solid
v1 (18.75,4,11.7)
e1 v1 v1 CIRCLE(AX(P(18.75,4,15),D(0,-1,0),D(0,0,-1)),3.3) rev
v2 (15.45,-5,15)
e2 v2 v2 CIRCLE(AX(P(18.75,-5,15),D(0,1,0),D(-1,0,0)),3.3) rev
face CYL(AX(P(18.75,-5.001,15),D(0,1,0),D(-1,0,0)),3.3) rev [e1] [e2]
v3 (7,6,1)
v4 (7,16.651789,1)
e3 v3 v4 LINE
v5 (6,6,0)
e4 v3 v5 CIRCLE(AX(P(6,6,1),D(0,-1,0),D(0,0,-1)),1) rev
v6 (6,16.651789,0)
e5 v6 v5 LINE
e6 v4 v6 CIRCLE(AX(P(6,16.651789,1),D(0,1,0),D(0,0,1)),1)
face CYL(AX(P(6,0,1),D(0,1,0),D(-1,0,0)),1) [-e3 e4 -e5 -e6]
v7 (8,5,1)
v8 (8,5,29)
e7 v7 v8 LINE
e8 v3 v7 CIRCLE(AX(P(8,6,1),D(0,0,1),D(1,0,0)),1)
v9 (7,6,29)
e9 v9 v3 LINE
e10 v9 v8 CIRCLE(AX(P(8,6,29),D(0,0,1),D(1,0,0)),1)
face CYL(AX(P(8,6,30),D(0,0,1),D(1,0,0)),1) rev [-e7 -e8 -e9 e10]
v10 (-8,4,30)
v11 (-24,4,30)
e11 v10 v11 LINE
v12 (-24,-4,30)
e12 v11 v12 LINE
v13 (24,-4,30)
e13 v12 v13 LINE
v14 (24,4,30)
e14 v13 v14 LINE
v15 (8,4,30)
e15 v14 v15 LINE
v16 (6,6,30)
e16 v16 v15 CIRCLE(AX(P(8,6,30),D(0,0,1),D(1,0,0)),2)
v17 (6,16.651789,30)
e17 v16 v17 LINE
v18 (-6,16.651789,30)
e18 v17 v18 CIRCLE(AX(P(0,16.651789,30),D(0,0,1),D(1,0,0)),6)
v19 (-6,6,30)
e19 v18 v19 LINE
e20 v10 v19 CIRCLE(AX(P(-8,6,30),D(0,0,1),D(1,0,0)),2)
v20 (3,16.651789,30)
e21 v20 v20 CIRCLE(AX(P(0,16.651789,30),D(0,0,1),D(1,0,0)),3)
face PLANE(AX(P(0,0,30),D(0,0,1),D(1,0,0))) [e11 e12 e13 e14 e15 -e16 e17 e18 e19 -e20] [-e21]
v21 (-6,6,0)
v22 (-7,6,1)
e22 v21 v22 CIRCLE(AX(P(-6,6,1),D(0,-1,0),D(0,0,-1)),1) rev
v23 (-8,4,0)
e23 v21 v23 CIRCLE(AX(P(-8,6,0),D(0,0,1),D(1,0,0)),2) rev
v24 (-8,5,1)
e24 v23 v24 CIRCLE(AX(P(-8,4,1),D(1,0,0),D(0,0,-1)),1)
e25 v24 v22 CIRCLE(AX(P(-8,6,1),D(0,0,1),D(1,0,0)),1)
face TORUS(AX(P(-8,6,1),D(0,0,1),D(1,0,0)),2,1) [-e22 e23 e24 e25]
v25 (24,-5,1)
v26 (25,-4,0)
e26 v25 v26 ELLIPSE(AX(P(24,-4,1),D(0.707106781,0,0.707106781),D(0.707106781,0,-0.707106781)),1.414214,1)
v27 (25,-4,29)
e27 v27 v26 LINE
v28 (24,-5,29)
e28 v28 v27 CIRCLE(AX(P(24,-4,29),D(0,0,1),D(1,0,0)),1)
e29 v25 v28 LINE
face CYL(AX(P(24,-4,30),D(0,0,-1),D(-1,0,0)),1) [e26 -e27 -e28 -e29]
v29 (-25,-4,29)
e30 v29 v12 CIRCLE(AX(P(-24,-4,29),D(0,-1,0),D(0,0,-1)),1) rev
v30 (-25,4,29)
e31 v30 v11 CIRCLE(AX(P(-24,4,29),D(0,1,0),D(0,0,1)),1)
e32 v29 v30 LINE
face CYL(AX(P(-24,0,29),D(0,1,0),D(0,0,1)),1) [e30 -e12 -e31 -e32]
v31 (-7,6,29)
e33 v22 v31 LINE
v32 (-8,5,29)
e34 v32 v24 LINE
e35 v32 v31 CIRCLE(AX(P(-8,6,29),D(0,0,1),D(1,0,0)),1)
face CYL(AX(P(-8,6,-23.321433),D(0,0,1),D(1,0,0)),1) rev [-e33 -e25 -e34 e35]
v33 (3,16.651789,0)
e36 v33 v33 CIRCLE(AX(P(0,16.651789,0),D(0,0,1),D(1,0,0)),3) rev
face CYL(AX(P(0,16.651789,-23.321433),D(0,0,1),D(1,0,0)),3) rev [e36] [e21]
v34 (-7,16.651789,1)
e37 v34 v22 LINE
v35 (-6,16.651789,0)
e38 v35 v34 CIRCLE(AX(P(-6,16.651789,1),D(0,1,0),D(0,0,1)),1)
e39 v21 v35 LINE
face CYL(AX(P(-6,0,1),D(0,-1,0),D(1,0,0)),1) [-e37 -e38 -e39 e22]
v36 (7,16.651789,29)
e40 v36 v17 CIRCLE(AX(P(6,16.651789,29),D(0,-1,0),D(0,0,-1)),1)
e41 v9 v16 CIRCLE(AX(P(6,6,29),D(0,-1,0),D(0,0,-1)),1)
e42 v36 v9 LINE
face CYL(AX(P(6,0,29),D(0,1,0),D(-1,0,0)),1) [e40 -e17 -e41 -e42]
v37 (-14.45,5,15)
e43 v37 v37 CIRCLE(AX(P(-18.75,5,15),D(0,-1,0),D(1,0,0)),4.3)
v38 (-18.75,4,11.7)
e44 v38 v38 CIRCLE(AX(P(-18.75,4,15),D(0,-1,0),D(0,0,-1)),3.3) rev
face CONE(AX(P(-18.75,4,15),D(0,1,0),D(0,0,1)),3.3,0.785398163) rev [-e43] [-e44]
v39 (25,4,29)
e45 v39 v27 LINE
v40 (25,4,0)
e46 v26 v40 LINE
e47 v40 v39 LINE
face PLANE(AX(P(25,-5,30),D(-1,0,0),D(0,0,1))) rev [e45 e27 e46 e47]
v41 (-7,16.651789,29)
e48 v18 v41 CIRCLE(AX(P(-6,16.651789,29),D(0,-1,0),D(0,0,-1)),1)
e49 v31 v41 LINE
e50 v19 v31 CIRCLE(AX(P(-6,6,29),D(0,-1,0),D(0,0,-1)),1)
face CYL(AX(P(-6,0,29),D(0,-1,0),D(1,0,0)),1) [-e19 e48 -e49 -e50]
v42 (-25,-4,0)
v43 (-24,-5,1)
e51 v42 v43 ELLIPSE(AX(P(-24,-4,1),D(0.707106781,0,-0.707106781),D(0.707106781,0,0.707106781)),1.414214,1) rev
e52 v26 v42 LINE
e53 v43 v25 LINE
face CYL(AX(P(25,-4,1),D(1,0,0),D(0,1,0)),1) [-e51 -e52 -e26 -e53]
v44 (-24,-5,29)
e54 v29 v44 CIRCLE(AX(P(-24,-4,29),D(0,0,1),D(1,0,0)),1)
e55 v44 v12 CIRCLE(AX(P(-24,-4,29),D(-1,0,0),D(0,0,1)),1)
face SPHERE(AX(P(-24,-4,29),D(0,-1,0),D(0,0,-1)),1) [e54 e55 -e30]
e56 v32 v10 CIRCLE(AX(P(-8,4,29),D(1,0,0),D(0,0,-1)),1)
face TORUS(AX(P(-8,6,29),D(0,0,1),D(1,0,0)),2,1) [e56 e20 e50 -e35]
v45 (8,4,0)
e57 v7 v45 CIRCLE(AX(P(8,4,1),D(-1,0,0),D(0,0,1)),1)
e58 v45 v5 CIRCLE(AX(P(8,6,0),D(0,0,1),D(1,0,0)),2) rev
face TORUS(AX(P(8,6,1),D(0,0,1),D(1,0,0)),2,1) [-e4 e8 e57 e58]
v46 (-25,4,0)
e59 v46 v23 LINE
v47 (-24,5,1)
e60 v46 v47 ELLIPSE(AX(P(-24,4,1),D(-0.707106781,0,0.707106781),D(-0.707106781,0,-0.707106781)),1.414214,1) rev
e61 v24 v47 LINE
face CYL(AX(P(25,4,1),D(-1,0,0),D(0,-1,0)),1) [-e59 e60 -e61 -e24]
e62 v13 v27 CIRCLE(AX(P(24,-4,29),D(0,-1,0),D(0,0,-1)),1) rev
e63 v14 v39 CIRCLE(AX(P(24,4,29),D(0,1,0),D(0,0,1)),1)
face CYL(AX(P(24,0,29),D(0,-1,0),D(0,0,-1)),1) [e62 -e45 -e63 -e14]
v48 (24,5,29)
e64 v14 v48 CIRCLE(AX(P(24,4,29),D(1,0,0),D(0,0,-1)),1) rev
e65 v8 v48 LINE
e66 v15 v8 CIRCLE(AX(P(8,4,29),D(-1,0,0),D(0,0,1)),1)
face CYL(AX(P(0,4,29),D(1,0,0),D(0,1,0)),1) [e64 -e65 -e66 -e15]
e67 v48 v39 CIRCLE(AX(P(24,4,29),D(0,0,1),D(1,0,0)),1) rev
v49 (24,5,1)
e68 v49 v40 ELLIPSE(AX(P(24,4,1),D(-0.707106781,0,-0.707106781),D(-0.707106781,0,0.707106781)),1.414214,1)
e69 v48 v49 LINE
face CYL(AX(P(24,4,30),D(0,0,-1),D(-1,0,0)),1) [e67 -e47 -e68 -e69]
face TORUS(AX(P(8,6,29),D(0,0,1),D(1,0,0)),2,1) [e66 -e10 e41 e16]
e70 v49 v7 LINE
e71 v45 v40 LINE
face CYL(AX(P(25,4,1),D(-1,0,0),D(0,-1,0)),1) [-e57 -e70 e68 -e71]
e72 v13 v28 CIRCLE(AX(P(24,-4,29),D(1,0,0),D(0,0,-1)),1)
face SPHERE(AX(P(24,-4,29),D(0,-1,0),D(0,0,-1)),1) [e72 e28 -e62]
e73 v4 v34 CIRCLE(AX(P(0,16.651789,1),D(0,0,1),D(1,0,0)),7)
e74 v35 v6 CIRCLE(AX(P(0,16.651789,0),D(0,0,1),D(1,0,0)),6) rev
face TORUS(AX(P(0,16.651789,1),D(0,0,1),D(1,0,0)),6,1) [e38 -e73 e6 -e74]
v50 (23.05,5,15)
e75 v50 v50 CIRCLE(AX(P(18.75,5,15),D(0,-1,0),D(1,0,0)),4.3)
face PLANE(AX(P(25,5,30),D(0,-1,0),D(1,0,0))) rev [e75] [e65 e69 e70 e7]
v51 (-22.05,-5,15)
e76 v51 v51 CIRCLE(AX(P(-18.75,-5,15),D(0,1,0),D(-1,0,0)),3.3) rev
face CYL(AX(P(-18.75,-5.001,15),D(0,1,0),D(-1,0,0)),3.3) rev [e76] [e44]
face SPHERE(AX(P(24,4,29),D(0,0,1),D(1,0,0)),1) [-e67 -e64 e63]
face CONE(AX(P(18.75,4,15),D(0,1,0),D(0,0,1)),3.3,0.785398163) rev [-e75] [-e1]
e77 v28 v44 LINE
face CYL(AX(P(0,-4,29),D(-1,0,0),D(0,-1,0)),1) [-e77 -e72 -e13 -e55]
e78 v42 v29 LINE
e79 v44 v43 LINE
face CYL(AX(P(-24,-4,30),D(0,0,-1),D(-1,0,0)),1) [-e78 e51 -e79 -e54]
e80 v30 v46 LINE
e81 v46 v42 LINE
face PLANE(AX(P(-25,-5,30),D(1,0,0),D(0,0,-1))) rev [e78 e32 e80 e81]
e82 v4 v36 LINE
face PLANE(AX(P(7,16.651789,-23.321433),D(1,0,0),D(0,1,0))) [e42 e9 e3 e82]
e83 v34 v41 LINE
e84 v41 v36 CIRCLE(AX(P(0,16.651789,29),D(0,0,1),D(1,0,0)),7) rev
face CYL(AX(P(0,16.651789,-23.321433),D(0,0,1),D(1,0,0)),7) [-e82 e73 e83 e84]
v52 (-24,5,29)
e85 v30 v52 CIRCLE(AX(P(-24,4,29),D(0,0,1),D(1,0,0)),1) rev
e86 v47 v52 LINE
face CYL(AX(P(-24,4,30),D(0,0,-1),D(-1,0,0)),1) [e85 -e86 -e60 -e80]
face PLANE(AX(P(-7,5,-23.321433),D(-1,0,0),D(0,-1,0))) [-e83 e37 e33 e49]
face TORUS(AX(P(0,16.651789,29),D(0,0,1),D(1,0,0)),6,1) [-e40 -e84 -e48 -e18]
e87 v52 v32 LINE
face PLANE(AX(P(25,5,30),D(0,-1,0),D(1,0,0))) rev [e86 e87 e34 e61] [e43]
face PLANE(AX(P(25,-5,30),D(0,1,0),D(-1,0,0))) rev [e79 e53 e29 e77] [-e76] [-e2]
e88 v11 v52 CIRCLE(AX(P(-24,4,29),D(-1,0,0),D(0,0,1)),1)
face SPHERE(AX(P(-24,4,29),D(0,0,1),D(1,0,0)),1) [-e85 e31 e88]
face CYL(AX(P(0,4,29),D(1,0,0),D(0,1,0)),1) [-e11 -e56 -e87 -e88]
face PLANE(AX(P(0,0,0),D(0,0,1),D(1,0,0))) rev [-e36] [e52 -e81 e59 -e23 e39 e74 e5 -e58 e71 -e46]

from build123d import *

# Parameters (mm, degrees)
SKETCH1_W           = 50
SKETCH1_H           = 10
BOSS_EXTRUDE1_DEPTH = 30
SKETCH2_R           = 3
BOSS_EXTRUDE2_DEPTH = 30
CUT_EXTRUDE1_REACH  = 45.277
SKETCH3_R           = 3.3
FILLET1_R           = 1
CHAMFER1_SIZE       = 1


with BuildPart() as part:
    # Sketch1 → Boss-Extrude1 (new body)
    with BuildSketch(Plane.XY):
        Rectangle(SKETCH1_W, SKETCH1_H)
    extrude(amount=BOSS_EXTRUDE1_DEPTH)

    # Sketch2 → Boss-Extrude2 (add)
    with BuildSketch(Plane.XY.offset(30)):
        with BuildLine():
            Line((-7, 5), (-7, 16.65178901))
            ThreePointArc((-7, 16.65178901), (0, 23.65178901), (7, 16.65178901))
            Line((7, 16.65178901), (7, 5))
            Line((7, 5), (-7, 5))
        make_face()
        with Locations((0, 16.65178901)):
            Circle(SKETCH2_R, mode=Mode.SUBTRACT)
    extrude(amount=-BOSS_EXTRUDE2_DEPTH)

    # Sketch3 → Cut-Extrude1 (cut, up to next)
    with BuildSketch(Plane(origin=(0, 5, 0), x_dir=(1, 0, 0), z_dir=(0, 1, 0)), mode=Mode.PRIVATE) as cut_extrude1_sk1:
        with Locations(Location((-18.75, -15, 0), (0, 0, 180))):
            Circle(SKETCH3_R)
    cut_extrude1_tool1 = extrude(cut_extrude1_sk1.sketch, amount=-CUT_EXTRUDE1_REACH, mode=Mode.PRIVATE) & part.part
    # Sketch3 → Cut-Extrude1 (cut, up to next)
    with BuildSketch(Plane(origin=(0, 5, 0), x_dir=(1, 0, 0), z_dir=(0, 1, 0)), mode=Mode.PRIVATE) as cut_extrude1_sk2:
        with Locations(Location((18.75, -15, 0), (0, 0, 180))):
            Circle(SKETCH3_R)
    cut_extrude1_tool2 = extrude(cut_extrude1_sk2.sketch, amount=-CUT_EXTRUDE1_REACH, mode=Mode.PRIVATE) & part.part
    add(cut_extrude1_tool1.solids().sort_by_distance((-18.75, 5, 15))[0], mode=Mode.SUBTRACT)
    add(cut_extrude1_tool2.solids().sort_by_distance((18.75, 5, 15))[0], mode=Mode.SUBTRACT)

    # Fillet1
    fillet1_edges = [part.edges().sort_by_distance(p)[0] for p in [
        (25, 0, 30),
        (-16, 5, 0),
        (-16, 5, 30),
        (16, 5, 30),
        (-7, 5, 15),
        (7, 5, 15),
        (7, 10.825894505, 30),
        (0, 23.65178901, 30),
        (-7, 10.825894505, 30),
        (-7, 10.825894505, 0),
        (0, 23.65178901, 0),
        (7, 10.825894505, 0),
        (-25, 0, 30),
        (16, 5, 0),
        (0, -5, 0),
        (-25, 5, 15),
        (25, 5, 15),
        (25, -5, 15),
        (-25, -5, 15),
        (0, -5, 30),
    ]]
    fillet(fillet1_edges, radius=FILLET1_R)

    # Chamfer1
    chamfer1_edges = [part.edges().sort_by_distance(p)[0] for p in [
        (-15.45, 5, 15),
        (22.05, 5, 15),
    ]]
    chamfer(chamfer1_edges, length=CHAMFER1_SIZE)


solid = part.part
